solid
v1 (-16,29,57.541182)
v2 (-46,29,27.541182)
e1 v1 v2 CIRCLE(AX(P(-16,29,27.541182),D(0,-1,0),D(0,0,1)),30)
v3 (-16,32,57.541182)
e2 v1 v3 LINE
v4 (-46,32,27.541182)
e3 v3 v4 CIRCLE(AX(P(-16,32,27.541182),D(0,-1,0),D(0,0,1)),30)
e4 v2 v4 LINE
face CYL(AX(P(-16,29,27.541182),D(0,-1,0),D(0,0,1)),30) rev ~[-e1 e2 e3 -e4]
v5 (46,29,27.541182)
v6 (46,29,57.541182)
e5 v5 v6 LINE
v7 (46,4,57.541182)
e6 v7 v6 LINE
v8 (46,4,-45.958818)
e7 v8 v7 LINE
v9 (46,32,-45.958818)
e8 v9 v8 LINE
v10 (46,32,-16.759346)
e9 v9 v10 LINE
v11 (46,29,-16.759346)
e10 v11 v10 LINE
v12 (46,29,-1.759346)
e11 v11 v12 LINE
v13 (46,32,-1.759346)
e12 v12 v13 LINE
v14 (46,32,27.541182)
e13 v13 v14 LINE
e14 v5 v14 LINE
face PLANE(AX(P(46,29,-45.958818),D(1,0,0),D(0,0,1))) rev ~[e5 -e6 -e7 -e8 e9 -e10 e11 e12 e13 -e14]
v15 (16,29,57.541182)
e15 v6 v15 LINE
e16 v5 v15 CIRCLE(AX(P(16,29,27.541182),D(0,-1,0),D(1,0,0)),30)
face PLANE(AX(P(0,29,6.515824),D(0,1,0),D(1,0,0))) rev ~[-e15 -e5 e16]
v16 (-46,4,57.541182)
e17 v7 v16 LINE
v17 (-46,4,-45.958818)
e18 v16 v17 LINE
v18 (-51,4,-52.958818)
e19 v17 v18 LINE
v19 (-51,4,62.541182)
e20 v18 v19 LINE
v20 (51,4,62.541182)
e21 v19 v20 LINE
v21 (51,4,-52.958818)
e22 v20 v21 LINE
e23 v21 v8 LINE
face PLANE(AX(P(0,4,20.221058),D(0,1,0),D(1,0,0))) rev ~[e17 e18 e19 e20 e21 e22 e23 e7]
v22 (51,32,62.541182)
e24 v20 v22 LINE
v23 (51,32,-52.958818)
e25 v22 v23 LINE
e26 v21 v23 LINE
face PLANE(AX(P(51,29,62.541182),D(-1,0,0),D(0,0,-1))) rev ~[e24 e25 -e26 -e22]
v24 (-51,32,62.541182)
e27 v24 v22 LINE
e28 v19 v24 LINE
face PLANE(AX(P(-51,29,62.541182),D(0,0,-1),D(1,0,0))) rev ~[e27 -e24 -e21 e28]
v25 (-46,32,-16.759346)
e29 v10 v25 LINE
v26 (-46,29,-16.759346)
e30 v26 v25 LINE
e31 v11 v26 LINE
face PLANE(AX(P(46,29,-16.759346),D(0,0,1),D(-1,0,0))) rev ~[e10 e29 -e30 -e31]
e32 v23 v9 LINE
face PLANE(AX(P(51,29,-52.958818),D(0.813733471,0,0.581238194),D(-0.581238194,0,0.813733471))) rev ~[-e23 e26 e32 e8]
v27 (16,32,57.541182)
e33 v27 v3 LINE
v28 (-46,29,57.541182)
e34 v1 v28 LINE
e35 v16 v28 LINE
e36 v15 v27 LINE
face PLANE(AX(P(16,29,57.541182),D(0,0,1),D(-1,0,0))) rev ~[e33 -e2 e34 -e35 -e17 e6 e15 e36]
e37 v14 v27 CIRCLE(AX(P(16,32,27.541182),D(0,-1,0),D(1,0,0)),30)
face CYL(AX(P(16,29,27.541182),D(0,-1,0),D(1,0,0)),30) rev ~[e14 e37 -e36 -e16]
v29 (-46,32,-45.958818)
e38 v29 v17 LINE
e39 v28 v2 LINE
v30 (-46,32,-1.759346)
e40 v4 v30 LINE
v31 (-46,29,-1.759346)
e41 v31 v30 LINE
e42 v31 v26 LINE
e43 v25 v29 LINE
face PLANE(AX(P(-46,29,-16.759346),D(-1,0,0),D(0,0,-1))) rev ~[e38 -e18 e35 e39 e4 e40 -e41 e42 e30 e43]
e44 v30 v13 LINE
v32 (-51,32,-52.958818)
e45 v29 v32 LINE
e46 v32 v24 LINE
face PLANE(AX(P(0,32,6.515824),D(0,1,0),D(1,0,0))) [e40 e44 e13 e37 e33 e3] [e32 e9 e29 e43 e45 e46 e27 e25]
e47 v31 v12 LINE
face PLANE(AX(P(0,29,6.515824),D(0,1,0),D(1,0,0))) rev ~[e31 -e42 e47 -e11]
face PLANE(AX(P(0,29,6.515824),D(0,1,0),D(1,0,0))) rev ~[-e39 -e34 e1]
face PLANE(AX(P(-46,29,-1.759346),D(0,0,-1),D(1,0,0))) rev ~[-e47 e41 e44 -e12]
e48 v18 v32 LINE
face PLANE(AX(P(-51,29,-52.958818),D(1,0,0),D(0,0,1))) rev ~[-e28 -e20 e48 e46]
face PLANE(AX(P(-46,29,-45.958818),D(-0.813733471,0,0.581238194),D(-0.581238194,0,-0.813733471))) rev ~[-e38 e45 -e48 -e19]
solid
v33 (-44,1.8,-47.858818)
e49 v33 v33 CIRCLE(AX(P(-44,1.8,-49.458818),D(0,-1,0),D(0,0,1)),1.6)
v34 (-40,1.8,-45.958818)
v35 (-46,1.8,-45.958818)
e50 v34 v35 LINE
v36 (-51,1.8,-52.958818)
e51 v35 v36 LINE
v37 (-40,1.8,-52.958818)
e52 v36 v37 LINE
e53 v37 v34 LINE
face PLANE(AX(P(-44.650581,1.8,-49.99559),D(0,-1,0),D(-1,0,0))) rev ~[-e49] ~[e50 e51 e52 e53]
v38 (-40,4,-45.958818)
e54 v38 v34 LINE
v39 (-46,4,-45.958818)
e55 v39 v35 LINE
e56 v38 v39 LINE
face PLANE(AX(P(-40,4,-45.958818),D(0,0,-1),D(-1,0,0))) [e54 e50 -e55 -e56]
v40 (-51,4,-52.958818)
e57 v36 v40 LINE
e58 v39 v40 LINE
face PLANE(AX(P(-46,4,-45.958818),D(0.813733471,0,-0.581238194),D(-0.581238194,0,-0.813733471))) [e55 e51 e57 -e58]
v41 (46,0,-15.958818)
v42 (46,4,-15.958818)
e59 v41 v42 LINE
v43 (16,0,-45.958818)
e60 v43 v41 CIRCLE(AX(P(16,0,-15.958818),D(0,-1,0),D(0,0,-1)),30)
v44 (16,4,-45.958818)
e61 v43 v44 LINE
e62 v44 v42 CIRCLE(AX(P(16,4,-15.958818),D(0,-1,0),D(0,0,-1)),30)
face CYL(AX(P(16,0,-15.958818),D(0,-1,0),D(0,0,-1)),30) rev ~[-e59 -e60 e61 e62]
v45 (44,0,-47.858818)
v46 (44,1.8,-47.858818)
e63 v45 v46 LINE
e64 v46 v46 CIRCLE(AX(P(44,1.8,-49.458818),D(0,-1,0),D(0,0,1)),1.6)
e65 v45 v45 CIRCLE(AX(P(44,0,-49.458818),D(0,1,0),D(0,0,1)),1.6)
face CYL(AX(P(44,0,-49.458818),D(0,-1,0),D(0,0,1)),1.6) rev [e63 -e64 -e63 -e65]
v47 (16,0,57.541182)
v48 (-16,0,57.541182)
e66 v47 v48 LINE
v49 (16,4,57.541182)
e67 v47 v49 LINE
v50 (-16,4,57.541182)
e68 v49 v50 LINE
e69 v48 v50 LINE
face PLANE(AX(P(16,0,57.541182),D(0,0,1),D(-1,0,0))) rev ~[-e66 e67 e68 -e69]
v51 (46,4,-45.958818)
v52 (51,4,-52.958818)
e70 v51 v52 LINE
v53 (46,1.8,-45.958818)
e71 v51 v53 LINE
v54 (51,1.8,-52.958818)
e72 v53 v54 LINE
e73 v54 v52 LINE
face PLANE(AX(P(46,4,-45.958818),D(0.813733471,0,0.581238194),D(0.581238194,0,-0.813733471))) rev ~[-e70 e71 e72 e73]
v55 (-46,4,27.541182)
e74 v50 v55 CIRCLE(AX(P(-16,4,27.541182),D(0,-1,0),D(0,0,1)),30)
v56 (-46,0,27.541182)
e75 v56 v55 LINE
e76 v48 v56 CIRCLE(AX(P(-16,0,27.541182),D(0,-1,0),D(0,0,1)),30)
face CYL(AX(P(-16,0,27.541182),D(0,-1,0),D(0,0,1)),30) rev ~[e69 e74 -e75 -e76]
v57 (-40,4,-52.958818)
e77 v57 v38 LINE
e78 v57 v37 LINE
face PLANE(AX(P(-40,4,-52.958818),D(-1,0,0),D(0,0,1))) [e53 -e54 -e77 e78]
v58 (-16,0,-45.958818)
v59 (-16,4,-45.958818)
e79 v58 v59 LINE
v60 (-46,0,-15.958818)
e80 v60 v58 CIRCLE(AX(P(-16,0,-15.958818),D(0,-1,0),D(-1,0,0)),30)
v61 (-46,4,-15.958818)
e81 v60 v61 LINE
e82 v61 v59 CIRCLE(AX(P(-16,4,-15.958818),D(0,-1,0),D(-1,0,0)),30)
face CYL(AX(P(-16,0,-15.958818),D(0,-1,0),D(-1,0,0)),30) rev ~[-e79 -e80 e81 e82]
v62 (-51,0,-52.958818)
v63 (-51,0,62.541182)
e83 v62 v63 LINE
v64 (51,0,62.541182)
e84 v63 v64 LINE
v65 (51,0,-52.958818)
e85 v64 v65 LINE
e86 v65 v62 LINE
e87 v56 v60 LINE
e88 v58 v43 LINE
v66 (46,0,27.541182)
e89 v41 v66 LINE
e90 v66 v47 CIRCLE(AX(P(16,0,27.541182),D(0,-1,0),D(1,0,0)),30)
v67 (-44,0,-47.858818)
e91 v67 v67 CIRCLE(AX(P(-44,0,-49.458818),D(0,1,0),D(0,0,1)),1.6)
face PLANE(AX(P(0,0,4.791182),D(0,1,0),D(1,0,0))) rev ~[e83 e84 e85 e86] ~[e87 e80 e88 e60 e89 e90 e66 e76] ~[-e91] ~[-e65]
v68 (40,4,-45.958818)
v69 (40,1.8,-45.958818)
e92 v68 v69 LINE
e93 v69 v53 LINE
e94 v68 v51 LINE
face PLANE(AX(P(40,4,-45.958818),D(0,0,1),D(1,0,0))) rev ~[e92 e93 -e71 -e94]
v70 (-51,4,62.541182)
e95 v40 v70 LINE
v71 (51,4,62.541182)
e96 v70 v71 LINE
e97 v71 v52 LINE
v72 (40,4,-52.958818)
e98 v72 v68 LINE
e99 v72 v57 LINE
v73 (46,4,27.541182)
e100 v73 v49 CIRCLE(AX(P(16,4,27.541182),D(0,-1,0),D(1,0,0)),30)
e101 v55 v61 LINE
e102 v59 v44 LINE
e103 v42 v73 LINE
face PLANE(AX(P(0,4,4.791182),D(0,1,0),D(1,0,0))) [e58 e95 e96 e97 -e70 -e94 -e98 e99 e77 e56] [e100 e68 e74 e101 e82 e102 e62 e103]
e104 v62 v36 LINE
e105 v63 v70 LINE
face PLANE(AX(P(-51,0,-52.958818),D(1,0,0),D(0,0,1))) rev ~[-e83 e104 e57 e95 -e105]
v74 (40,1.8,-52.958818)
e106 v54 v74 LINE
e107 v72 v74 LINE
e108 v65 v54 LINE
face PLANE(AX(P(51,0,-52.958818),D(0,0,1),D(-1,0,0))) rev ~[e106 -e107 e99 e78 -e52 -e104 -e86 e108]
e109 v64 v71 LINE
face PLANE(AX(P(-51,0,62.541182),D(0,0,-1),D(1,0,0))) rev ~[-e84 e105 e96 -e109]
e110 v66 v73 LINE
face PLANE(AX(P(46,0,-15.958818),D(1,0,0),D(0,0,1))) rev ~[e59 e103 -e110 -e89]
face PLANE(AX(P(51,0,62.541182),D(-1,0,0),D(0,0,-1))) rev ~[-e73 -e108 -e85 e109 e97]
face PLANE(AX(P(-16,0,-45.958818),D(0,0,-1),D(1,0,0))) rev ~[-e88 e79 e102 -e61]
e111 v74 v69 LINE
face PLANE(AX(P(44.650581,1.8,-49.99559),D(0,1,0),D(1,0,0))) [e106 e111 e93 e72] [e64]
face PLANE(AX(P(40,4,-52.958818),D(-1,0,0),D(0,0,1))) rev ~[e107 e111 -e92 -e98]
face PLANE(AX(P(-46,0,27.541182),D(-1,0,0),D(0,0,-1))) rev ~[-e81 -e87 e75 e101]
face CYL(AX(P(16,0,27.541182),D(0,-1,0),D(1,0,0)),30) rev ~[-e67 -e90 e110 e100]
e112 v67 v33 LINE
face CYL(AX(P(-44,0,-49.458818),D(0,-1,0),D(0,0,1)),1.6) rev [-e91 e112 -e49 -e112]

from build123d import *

# Parameters (mm, degrees)
SKETCH1_R           = 1.6
BOSS_EXTRUDE2_DEPTH = 4
BOSS_EXTRUDE3_DEPTH = 25
CUT_EXTRUDE1_DEPTH  = 2.2
BOSS_EXTRUDE4_DEPTH = 3


with BuildPart() as part:
    # Sketch1 → Boss-Extrude2 (new body)
    with BuildSketch(Plane(origin=(0, 0, 0), x_dir=(1, 0, 0), z_dir=(0, 1, 0))):
        Polygon((-44, 52.958818287), (-51, 52.958818287), (-51, -62.541181713), (51, -62.541181713), (51, 52.958818287), (44, 52.958818287), align=None)
        with BuildLine():
            ThreePointArc((46, -27.541181713), (37.213203436, -48.754385149), (16, -57.541181713))
            Line((16, -57.541181713), (-16, -57.541181713))
            ThreePointArc((-16, -57.541181713), (-37.213203436, -48.754385149), (-46, -27.541181713))
            Line((-46, -27.541181713), (-46, 15.958818287))
            ThreePointArc((-46, 15.958818287), (-37.213203436, 37.172021722), (-16, 45.958818287))
            Line((-16, 45.958818287), (16, 45.958818287))
            ThreePointArc((16, 45.958818287), (37.213203436, 37.172021722), (46, 15.958818287))
            Line((46, 15.958818287), (46, -27.541181713))
        make_face(mode=Mode.SUBTRACT)
        with Locations((-44, 49.458818287)):
            Circle(SKETCH1_R, mode=Mode.SUBTRACT)
        with Locations((44, 49.458818287)):
            Circle(SKETCH1_R, mode=Mode.SUBTRACT)
    extrude(amount=BOSS_EXTRUDE2_DEPTH)

    # Sketch3 → Cut-Extrude1 (cut)
    with BuildSketch(Plane(origin=(0, 4, 0), x_dir=(1, 0, 0), z_dir=(0, 1, 0))):
        Polygon((-51, 52.958818287), (-40, 52.958818287), (-40, 45.958818287), (-46, 45.958818287), align=None)
        Polygon((40, 45.958818287), (46, 45.958818287), (51, 52.958818287), (40, 52.958818287), align=None)
    extrude(amount=-CUT_EXTRUDE1_DEPTH, mode=Mode.SUBTRACT)


with BuildPart() as body_2:
    # Sketch2 → Boss-Extrude3 (new body)
    with BuildSketch(Plane(origin=(0, 4, 0), x_dir=(1, 0, 0), z_dir=(0, 1, 0))):
        Polygon((-51, -62.541181713), (51, -62.541181713), (51, 52.958818287), (46, 45.958818287), (46, -57.541181713), (-46, -57.541181713), (-46, 45.958818287), (-51, 52.958818287), align=None)
    extrude(amount=BOSS_EXTRUDE3_DEPTH)

    # Sketch4 → Boss-Extrude4 (add)
    with BuildSketch(Plane(origin=(0, 29, 0), x_dir=(1, 0, 0), z_dir=(0, 1, 0))):
        Polygon((-46, 45.958818287), (-51, 52.958818287), (-51, -62.541181713), (51, -62.541181713), (51, 52.958818287), (46, 45.958818287), (46, 16.759345997), (-46, 16.759345997), align=None)
        with BuildLine():
            Line((-46, -27.541181713), (-46, 1.759345997))
            Line((-46, 1.759345997), (46, 1.759345997))
            Line((46, 1.759345997), (46, -27.541181713))
            ThreePointArc((46, -27.541181713), (37.213203436, -48.754385149), (16, -57.541181713))
            Line((16, -57.541181713), (-16, -57.541181713))
            ThreePointArc((-16, -57.541181713), (-37.213203436, -48.754385149), (-46, -27.541181713))
        make_face(mode=Mode.SUBTRACT)
    extrude(amount=BOSS_EXTRUDE4_DEPTH)


solid = Compound([part.part, body_2.part])
